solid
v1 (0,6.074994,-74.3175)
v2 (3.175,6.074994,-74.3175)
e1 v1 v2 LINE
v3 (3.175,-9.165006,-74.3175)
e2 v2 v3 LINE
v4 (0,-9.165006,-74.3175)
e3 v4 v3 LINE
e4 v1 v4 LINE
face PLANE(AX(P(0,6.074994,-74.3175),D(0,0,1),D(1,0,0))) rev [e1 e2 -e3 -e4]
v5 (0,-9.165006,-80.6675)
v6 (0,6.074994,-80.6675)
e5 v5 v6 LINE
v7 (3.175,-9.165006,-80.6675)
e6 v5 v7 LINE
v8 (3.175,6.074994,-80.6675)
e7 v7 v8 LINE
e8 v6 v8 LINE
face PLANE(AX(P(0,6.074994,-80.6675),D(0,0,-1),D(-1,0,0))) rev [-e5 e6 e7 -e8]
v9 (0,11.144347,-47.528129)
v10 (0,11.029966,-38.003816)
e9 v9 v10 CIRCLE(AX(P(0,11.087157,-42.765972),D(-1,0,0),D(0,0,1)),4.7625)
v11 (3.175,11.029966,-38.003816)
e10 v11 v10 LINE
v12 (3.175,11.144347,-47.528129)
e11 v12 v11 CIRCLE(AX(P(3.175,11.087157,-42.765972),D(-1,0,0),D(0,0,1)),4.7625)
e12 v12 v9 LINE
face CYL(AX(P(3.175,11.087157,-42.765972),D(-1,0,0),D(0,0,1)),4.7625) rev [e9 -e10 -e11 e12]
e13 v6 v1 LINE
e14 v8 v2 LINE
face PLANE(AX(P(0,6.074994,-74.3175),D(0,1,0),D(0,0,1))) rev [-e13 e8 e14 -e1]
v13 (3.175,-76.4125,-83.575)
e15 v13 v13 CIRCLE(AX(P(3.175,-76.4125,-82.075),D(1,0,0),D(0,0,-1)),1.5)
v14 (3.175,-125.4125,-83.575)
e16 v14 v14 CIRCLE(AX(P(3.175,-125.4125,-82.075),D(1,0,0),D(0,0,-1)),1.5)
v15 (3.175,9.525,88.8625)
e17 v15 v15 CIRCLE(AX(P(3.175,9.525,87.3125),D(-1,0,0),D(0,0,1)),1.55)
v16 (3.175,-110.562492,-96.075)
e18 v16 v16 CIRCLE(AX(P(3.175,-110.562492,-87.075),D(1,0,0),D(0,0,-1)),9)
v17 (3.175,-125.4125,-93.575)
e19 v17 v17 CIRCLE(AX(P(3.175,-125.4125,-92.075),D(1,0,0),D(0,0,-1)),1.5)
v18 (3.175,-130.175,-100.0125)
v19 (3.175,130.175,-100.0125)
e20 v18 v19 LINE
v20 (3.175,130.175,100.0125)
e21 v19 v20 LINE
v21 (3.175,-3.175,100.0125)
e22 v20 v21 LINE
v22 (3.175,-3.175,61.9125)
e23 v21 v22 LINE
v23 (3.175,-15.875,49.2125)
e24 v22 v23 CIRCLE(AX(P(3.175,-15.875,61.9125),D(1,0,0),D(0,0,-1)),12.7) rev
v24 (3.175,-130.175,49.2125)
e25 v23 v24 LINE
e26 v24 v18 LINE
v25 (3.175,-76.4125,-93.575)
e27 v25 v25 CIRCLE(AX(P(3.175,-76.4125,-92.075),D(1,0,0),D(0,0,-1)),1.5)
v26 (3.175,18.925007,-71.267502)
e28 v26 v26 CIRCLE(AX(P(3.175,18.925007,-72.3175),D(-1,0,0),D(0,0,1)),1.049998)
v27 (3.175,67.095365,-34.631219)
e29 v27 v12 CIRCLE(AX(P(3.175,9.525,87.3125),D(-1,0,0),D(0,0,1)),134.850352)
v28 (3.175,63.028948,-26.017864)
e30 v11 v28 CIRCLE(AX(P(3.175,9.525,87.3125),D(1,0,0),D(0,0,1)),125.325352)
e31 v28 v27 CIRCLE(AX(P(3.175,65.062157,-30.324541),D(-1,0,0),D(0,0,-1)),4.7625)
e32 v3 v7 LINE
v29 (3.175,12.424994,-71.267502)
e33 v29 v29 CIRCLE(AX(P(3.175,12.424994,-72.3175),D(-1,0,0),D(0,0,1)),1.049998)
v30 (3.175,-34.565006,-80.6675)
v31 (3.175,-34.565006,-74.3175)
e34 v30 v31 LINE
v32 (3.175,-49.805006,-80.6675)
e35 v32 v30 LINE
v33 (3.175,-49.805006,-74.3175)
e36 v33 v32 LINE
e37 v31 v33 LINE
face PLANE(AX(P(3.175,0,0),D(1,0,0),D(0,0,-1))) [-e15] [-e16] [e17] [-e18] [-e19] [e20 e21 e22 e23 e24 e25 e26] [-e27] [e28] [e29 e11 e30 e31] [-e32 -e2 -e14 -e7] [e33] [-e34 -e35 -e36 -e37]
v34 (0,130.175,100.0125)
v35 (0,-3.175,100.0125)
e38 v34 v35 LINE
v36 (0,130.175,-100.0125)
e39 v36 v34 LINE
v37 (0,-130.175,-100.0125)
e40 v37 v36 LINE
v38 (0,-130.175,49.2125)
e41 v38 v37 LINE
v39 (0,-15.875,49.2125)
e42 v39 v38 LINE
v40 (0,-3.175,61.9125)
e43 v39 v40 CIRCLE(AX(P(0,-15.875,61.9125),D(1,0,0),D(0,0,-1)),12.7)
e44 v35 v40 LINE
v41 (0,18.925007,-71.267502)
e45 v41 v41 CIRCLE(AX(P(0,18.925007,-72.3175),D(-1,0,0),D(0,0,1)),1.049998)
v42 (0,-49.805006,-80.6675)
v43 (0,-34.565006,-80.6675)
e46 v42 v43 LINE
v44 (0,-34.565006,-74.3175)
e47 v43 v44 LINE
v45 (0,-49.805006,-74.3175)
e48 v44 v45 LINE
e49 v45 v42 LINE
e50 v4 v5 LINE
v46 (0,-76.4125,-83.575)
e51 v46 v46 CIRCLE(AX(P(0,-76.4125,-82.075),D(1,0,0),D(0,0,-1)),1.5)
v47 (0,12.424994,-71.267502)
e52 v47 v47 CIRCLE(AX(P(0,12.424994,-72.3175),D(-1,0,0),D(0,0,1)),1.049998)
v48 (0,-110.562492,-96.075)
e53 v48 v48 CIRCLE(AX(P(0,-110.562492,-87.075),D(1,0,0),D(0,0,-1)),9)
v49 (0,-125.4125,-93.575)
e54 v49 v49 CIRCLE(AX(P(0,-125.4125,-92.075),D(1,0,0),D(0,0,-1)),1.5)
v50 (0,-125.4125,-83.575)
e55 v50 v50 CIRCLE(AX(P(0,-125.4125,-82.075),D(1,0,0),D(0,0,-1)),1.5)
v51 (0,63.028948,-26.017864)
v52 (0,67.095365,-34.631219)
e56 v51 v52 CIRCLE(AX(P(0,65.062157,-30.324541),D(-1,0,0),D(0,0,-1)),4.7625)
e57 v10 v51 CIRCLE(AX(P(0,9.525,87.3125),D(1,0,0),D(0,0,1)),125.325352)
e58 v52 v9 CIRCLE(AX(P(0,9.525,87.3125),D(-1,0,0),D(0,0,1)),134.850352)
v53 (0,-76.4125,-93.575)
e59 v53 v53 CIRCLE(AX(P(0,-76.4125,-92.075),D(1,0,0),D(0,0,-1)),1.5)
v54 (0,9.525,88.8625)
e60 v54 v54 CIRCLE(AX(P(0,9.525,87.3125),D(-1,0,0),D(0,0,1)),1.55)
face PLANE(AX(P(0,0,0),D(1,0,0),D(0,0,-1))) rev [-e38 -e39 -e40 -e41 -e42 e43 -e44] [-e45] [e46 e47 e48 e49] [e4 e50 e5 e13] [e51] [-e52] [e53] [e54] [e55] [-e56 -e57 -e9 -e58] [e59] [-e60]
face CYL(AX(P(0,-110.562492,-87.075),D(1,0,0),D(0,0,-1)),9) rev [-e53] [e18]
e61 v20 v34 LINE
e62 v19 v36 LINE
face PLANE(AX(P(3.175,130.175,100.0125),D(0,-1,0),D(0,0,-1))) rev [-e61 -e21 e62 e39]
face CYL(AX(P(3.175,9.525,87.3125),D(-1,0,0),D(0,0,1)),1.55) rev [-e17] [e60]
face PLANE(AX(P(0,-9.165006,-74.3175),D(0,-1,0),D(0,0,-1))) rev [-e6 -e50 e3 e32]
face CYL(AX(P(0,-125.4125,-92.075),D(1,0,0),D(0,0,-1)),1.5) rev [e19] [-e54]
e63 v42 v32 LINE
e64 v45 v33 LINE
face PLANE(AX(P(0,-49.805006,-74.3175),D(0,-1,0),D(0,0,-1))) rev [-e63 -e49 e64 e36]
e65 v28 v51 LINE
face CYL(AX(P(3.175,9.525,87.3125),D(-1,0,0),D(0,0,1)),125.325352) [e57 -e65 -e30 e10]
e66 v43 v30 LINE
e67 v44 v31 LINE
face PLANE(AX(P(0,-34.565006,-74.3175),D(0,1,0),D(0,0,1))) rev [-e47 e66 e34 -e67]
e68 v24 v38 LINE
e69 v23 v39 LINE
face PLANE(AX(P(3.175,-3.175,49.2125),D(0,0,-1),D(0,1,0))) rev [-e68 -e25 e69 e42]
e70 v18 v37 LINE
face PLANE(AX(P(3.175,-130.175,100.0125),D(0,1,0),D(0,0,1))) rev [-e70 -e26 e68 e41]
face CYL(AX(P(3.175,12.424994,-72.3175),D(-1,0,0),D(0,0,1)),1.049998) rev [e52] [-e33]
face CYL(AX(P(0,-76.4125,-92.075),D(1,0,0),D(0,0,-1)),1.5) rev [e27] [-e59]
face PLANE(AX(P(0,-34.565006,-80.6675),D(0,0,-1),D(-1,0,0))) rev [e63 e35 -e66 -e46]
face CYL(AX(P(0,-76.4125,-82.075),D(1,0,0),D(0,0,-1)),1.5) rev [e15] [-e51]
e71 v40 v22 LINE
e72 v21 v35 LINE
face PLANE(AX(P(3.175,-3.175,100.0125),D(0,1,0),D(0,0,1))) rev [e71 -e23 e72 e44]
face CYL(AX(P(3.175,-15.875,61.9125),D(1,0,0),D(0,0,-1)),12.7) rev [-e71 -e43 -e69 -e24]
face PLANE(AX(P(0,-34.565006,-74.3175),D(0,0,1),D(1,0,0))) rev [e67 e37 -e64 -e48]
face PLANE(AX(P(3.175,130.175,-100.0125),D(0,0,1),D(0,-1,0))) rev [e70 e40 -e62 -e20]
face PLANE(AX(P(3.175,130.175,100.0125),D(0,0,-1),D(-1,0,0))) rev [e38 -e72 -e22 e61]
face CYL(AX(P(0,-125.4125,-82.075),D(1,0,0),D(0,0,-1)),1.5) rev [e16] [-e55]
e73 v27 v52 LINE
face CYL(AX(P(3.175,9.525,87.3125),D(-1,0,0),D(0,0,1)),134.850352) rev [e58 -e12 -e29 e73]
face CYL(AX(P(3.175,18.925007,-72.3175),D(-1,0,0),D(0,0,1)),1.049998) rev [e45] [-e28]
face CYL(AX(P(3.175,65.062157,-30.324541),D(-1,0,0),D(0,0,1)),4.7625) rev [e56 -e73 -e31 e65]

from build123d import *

# Parameters (mm, degrees)
SKETCH1_W           = 200.025
SKETCH1_H           = 260.35
BOSS_EXTRUDE1_DEPTH = 3.175
SKETCH8_R           = 1.55
SKETCH8_R_2         = 1.0499979
CUT_EXTRUDE7_DEPTH  = 4.175
SKETCH9_W           = 50.8
SKETCH9_H           = 127
CUT_EXTRUDE8_DEPTH  = 4.175
FILLET1_R           = 12.7
CUT_EXTRUDE9_DEPTH  = 4.175
SKETCH15_W          = 6.35
SKETCH15_H          = 15.24
CUT_EXTRUDE12_DEPTH = 4.175
SKETCH16_R          = 1.5
SKETCH16_R_2        = 9
CUT_EXTRUDE13_DEPTH = 4.175


with BuildPart() as part:
    # Sketch1 → Boss-Extrude1 (new body)
    with BuildSketch(Plane(origin=(0, 0, 0), x_dir=(0, 0, -1), z_dir=(1, 0, 0))):
        Rectangle(SKETCH1_W, SKETCH1_H)
    extrude(amount=BOSS_EXTRUDE1_DEPTH)

    # Sketch8 → Cut-Extrude7 (cut, through all)
    with BuildSketch(Plane.ZY):
        with Locations((87.3125, 9.525)):
            Circle(SKETCH8_R)
        with Locations((-72.3175, 18.9250066)):
            Circle(SKETCH8_R_2)
        with Locations((-72.3175, 12.4249942)):
            Circle(SKETCH8_R_2)
    extrude(amount=-CUT_EXTRUDE7_DEPTH, mode=Mode.SUBTRACT)

    # Sketch9 → Cut-Extrude8 (cut, through all)
    with BuildSketch(Plane.ZY):
        with Locations((74.6125, -66.675)):
            Rectangle(SKETCH9_W, SKETCH9_H)
    extrude(amount=-CUT_EXTRUDE8_DEPTH, mode=Mode.SUBTRACT)

    # Fillet1
    fillet1_edges = [part.edges().sort_by_distance(p)[0] for p in [
        (1.5875, -3.175, 49.2125),
    ]]
    fillet(fillet1_edges, radius=FILLET1_R)

    # Sketch10 → Cut-Extrude9 (cut, through all)
    with BuildSketch(Plane.ZY):
        with BuildLine():
            ThreePointArc((-34.631218673, 67.095364965), (-44.09213985, 39.8142402), (-47.528128749, 11.144346963))
            ThreePointArc((-47.528128749, 11.144346963), (-42.823162504, 6.325000001), (-38.003815542, 11.029966247))
            ThreePointArc((-38.003815542, 11.029966247), (-34.810523806, 37.674794334), (-26.017864022, 63.028948034))
            ThreePointArc((-26.017864022, 63.028948034), (-28.291332832, 69.36883393), (-34.631218673, 67.095364965))
        make_face()
    extrude(amount=-CUT_EXTRUDE9_DEPTH, mode=Mode.SUBTRACT)

    # Sketch15 → Cut-Extrude12 (cut, through all)
    with BuildSketch(Plane(origin=(3.175, 0, 0), x_dir=(0, 0, -1), z_dir=(1, 0, 0))):
        with Locations((77.4925, -1.5450058)):
            Rectangle(SKETCH15_W, SKETCH15_H)
        with Locations((77.4925, -42.1850058)):
            Rectangle(SKETCH15_W, SKETCH15_H)
    extrude(amount=-CUT_EXTRUDE12_DEPTH, mode=Mode.SUBTRACT)

    # Sketch16 → Cut-Extrude13 (cut, through all)
    with BuildSketch(Plane(origin=(3.175, 0, 0), x_dir=(0, 0, -1), z_dir=(1, 0, 0))):
        with Locations((82.075, -125.4125)):
            Circle(SKETCH16_R)
        with Locations((82.075, -76.4125)):
            Circle(SKETCH16_R)
        with Locations((92.075, -125.4125)):
            Circle(SKETCH16_R)
        with Locations((92.075, -76.4125)):
            Circle(SKETCH16_R)
        with Locations((87.075, -110.5624916)):
            Circle(SKETCH16_R_2)
    extrude(amount=-CUT_EXTRUDE13_DEPTH, mode=Mode.SUBTRACT)


solid = part.part
